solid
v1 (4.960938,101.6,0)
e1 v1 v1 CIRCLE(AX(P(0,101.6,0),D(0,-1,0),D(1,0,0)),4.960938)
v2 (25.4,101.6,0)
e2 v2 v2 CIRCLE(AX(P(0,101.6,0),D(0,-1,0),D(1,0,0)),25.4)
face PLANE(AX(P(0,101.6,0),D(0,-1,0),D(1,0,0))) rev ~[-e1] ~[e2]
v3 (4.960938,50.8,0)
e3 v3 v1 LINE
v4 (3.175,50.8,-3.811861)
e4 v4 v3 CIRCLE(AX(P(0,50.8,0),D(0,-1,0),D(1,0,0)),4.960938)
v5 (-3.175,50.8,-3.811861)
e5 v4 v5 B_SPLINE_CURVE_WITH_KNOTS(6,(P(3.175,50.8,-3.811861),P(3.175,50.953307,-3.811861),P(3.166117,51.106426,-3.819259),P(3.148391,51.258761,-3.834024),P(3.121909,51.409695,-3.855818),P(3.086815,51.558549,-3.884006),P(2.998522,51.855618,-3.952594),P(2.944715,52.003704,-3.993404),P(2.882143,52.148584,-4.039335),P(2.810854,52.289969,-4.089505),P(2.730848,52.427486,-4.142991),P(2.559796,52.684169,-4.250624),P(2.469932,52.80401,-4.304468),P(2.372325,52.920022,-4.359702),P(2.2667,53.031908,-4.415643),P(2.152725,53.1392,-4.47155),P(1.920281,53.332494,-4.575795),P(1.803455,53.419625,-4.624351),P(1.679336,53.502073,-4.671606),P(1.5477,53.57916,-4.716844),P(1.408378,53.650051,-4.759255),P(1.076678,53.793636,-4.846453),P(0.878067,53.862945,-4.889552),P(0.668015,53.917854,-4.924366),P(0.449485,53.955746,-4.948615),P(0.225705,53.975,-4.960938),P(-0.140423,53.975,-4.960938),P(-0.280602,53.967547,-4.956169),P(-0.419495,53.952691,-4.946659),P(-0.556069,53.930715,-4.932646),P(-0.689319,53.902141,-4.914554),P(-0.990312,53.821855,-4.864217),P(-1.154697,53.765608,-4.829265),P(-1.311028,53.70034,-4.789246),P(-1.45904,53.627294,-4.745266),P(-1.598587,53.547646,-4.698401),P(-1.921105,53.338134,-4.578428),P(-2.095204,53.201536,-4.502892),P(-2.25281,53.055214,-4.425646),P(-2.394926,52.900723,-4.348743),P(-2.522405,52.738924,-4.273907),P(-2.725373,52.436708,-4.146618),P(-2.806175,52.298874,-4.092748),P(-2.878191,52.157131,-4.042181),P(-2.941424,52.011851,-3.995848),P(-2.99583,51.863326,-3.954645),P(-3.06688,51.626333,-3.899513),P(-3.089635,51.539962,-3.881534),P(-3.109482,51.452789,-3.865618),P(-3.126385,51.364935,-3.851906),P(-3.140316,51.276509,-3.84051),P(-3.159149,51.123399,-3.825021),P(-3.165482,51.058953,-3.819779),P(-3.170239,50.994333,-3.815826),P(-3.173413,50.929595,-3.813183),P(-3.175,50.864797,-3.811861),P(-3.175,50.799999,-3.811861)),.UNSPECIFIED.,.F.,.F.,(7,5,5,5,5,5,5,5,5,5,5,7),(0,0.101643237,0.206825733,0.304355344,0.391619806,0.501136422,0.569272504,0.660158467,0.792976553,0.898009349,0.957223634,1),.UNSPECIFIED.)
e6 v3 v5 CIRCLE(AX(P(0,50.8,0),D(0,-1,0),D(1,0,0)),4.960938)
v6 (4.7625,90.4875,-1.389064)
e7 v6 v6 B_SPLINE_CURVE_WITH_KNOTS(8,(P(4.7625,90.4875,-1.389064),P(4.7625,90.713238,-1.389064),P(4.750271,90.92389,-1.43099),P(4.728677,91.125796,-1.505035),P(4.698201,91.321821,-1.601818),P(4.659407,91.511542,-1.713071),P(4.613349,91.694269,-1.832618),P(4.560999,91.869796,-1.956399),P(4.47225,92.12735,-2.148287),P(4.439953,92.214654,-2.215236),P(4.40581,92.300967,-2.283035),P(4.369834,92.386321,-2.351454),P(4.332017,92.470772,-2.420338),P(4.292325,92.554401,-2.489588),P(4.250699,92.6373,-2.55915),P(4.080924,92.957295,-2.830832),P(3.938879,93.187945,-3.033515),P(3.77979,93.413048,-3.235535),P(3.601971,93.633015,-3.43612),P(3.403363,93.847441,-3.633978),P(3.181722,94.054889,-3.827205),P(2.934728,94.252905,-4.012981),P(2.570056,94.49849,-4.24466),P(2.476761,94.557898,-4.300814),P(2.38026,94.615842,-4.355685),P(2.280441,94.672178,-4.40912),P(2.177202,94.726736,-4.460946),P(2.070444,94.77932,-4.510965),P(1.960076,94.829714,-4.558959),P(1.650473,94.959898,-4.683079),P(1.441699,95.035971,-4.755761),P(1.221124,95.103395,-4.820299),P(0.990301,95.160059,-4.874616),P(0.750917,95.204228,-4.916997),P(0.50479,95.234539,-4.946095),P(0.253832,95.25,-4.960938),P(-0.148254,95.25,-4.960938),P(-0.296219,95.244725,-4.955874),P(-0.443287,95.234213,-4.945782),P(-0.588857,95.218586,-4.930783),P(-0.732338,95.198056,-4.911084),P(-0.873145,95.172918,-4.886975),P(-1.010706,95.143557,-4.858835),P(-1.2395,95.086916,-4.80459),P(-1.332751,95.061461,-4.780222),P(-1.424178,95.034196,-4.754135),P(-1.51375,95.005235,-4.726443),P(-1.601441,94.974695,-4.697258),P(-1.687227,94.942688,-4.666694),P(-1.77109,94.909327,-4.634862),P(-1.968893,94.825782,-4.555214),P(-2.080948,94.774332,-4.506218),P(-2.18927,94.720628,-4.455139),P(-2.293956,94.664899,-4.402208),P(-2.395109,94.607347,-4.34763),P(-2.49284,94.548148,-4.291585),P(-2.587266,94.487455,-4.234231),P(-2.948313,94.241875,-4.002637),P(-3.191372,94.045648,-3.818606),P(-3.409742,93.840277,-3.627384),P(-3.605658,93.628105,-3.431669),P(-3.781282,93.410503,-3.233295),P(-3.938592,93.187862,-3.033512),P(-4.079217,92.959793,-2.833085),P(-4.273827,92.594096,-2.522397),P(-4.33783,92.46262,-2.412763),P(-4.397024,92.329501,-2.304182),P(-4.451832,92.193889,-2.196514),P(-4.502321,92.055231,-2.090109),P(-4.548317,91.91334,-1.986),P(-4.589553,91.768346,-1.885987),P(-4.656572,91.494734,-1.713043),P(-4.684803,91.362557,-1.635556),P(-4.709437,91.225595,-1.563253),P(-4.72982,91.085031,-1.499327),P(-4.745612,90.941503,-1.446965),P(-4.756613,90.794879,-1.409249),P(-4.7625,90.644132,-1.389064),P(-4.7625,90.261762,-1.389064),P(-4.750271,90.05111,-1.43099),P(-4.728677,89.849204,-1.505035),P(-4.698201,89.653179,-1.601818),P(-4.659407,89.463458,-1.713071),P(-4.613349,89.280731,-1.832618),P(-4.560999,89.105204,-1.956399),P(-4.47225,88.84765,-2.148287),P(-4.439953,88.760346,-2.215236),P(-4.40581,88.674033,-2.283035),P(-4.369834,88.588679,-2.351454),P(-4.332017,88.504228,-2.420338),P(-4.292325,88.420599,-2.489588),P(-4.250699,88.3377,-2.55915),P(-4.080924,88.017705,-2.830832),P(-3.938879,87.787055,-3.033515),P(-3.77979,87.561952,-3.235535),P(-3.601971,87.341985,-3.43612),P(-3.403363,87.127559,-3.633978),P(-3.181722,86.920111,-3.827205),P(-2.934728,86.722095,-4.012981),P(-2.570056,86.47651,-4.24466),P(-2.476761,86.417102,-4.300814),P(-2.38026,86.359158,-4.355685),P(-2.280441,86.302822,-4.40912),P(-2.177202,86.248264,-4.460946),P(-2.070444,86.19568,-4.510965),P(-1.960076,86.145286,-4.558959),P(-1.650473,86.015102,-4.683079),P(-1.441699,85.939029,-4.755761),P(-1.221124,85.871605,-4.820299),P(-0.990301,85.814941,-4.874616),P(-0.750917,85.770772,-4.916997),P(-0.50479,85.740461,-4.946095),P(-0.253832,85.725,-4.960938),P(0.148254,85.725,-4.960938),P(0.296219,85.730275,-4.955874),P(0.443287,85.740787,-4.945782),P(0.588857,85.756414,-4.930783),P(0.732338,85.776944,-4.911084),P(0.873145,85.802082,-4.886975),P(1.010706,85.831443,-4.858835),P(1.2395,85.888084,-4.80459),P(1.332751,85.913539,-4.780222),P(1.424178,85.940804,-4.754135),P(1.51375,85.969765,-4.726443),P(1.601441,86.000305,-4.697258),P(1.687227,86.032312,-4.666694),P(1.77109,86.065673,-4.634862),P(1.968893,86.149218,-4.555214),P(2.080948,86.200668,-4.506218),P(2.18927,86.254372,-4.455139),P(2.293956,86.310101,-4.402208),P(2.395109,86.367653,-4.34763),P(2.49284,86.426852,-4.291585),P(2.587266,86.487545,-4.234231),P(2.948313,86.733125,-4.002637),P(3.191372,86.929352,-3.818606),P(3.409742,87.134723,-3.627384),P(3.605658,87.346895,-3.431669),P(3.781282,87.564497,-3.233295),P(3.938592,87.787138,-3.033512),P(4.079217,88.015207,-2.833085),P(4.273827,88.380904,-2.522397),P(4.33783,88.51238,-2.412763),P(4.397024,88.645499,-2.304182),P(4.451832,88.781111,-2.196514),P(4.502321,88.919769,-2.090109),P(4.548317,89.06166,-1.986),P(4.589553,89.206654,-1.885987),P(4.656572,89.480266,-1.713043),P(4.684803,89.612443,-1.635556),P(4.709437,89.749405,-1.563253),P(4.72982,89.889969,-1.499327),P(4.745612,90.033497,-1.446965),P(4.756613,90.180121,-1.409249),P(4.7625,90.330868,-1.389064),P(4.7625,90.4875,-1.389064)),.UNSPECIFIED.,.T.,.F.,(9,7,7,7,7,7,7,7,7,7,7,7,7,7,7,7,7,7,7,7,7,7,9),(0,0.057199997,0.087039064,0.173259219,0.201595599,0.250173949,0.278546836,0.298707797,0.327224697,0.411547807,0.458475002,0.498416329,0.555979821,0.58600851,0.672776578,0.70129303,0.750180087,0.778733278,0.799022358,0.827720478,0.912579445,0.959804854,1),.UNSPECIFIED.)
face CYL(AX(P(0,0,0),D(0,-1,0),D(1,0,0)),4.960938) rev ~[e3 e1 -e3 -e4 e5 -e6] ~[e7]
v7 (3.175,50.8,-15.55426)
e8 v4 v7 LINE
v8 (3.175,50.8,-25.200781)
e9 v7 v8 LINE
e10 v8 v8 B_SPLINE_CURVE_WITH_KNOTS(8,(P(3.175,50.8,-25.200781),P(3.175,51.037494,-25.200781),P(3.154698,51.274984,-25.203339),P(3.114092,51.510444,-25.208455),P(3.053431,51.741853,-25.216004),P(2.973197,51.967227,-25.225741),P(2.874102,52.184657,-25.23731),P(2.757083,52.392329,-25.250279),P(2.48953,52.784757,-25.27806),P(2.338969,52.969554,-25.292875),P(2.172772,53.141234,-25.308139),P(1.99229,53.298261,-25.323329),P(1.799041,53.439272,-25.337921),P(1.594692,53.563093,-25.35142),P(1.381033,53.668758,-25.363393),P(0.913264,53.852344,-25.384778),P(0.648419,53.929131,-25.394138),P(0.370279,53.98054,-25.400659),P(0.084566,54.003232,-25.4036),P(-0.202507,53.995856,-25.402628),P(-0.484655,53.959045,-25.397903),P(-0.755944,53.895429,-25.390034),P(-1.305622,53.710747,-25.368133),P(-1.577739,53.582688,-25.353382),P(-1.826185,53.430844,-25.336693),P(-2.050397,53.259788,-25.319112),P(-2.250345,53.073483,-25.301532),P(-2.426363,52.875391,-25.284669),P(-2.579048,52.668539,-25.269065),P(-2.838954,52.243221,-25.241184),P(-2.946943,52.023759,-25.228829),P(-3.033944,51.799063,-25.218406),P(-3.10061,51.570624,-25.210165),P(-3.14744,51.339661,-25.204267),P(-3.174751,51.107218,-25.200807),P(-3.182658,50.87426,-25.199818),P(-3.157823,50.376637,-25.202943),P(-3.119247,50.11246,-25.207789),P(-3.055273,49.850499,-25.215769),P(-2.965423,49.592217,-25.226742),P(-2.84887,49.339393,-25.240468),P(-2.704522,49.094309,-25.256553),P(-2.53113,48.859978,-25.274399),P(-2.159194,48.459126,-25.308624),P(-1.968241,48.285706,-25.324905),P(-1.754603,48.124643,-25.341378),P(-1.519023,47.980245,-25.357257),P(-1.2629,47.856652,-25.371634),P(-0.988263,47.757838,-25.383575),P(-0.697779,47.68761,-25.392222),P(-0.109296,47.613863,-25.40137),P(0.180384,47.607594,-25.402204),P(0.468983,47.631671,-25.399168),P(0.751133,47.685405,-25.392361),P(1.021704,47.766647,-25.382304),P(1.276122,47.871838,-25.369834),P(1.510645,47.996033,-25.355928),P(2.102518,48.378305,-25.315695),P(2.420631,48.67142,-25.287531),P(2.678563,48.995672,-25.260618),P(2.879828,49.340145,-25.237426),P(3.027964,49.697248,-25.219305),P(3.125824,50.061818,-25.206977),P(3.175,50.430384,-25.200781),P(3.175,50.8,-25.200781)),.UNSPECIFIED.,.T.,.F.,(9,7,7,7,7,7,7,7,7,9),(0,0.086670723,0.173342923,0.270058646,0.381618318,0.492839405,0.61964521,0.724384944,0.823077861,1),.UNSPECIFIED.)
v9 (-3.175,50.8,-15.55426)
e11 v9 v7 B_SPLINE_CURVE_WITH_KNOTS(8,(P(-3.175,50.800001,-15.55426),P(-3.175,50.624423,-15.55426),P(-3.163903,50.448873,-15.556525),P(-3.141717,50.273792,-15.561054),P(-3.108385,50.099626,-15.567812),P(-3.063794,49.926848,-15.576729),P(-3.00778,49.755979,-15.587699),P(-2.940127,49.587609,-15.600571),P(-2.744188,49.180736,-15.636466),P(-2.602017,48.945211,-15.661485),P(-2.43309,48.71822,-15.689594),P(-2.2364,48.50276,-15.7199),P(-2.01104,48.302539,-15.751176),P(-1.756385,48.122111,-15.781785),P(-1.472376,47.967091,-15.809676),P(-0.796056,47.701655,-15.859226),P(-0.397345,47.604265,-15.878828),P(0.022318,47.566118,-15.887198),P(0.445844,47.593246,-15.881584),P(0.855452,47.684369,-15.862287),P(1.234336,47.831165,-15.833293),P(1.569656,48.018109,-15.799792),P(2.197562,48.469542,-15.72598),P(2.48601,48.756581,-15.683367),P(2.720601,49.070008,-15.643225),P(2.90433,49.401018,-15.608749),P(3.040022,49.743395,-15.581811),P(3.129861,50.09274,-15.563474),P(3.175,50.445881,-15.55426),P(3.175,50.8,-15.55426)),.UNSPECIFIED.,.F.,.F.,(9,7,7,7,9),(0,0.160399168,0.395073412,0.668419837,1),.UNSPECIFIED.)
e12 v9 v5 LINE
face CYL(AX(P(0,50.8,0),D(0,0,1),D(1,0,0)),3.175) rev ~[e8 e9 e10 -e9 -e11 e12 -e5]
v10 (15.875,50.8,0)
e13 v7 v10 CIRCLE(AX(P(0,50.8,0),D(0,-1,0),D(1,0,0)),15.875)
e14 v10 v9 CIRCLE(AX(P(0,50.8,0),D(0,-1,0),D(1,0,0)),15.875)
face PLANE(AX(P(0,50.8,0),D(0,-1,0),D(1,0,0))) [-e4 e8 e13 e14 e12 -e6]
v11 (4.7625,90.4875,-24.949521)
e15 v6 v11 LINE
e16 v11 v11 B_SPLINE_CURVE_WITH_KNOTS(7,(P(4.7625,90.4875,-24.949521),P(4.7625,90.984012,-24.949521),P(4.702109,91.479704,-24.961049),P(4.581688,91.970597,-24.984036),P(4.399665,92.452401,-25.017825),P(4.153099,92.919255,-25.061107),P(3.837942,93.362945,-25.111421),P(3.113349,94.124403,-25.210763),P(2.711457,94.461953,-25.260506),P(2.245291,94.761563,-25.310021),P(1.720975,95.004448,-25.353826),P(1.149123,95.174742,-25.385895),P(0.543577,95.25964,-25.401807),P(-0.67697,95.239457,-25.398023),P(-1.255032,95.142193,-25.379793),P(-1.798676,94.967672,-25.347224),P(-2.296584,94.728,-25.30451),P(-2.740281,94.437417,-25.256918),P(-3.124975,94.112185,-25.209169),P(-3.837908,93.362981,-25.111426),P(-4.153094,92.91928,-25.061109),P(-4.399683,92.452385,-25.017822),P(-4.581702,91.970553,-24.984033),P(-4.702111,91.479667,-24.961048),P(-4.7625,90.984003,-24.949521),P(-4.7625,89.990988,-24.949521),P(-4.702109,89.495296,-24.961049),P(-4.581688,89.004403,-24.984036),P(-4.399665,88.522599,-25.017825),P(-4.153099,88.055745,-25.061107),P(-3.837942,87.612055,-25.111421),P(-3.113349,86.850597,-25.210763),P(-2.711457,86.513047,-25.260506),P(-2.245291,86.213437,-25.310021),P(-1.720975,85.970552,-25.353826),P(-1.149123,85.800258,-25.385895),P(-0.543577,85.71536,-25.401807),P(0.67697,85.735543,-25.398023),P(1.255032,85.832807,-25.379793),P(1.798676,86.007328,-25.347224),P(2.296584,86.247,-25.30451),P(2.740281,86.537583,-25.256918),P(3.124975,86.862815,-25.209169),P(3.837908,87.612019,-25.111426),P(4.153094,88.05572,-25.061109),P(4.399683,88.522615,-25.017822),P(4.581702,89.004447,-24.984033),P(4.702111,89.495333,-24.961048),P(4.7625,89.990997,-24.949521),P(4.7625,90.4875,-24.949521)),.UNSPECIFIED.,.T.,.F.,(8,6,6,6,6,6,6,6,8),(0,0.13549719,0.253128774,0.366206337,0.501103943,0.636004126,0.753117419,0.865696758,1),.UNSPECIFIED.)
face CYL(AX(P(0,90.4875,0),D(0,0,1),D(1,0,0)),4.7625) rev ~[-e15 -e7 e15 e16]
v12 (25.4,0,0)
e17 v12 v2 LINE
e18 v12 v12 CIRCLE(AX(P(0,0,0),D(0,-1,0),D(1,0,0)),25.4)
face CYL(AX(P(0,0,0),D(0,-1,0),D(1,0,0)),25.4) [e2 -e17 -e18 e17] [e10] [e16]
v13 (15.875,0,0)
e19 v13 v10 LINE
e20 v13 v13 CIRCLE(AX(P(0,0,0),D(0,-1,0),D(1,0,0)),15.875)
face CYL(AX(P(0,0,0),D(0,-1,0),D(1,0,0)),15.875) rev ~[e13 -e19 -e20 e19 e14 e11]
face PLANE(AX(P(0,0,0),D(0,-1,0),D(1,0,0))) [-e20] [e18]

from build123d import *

# Parameters (mm, degrees)
F0_R     = 25.4
F1_DEPTH = 101.6
F2_R     = 15.875
F3_DEPTH = 50.8
F4_R     = 4.960938
F5_DEPTH = 101.601
F6_R     = 3.175
F7_DEPTH = 25.4
F8_R     = 4.7625
F9_DEPTH = 127


with BuildPart() as f1:
    # F0 (on Front) → F1 (new body)
    with BuildSketch(Plane.XZ):
        Circle(F0_R)
    extrude(amount=-F1_DEPTH)

    # F2 (on Front) → F3 (cut)
    with BuildSketch(Plane.XZ):
        Circle(F2_R)
    extrude(amount=-F3_DEPTH, mode=Mode.SUBTRACT)

    # F4 (on Front) → F5 (cut, through all)
    with BuildSketch(Plane.XZ):
        Circle(F4_R)
    extrude(amount=-F5_DEPTH, mode=Mode.SUBTRACT)

    # F6 (on Top) → F7 (cut)
    with BuildSketch(Plane.XY):
        with Locations((0, 50.8)):
            Circle(F6_R)
    extrude(amount=-F7_DEPTH, mode=Mode.SUBTRACT)

    # F8 (on Top) → F9 (cut)
    with BuildSketch(Plane.XY):
        with Locations((0, 90.4875)):
            Circle(F8_R)
    extrude(amount=-F9_DEPTH, mode=Mode.SUBTRACT)


solid = f1.part
